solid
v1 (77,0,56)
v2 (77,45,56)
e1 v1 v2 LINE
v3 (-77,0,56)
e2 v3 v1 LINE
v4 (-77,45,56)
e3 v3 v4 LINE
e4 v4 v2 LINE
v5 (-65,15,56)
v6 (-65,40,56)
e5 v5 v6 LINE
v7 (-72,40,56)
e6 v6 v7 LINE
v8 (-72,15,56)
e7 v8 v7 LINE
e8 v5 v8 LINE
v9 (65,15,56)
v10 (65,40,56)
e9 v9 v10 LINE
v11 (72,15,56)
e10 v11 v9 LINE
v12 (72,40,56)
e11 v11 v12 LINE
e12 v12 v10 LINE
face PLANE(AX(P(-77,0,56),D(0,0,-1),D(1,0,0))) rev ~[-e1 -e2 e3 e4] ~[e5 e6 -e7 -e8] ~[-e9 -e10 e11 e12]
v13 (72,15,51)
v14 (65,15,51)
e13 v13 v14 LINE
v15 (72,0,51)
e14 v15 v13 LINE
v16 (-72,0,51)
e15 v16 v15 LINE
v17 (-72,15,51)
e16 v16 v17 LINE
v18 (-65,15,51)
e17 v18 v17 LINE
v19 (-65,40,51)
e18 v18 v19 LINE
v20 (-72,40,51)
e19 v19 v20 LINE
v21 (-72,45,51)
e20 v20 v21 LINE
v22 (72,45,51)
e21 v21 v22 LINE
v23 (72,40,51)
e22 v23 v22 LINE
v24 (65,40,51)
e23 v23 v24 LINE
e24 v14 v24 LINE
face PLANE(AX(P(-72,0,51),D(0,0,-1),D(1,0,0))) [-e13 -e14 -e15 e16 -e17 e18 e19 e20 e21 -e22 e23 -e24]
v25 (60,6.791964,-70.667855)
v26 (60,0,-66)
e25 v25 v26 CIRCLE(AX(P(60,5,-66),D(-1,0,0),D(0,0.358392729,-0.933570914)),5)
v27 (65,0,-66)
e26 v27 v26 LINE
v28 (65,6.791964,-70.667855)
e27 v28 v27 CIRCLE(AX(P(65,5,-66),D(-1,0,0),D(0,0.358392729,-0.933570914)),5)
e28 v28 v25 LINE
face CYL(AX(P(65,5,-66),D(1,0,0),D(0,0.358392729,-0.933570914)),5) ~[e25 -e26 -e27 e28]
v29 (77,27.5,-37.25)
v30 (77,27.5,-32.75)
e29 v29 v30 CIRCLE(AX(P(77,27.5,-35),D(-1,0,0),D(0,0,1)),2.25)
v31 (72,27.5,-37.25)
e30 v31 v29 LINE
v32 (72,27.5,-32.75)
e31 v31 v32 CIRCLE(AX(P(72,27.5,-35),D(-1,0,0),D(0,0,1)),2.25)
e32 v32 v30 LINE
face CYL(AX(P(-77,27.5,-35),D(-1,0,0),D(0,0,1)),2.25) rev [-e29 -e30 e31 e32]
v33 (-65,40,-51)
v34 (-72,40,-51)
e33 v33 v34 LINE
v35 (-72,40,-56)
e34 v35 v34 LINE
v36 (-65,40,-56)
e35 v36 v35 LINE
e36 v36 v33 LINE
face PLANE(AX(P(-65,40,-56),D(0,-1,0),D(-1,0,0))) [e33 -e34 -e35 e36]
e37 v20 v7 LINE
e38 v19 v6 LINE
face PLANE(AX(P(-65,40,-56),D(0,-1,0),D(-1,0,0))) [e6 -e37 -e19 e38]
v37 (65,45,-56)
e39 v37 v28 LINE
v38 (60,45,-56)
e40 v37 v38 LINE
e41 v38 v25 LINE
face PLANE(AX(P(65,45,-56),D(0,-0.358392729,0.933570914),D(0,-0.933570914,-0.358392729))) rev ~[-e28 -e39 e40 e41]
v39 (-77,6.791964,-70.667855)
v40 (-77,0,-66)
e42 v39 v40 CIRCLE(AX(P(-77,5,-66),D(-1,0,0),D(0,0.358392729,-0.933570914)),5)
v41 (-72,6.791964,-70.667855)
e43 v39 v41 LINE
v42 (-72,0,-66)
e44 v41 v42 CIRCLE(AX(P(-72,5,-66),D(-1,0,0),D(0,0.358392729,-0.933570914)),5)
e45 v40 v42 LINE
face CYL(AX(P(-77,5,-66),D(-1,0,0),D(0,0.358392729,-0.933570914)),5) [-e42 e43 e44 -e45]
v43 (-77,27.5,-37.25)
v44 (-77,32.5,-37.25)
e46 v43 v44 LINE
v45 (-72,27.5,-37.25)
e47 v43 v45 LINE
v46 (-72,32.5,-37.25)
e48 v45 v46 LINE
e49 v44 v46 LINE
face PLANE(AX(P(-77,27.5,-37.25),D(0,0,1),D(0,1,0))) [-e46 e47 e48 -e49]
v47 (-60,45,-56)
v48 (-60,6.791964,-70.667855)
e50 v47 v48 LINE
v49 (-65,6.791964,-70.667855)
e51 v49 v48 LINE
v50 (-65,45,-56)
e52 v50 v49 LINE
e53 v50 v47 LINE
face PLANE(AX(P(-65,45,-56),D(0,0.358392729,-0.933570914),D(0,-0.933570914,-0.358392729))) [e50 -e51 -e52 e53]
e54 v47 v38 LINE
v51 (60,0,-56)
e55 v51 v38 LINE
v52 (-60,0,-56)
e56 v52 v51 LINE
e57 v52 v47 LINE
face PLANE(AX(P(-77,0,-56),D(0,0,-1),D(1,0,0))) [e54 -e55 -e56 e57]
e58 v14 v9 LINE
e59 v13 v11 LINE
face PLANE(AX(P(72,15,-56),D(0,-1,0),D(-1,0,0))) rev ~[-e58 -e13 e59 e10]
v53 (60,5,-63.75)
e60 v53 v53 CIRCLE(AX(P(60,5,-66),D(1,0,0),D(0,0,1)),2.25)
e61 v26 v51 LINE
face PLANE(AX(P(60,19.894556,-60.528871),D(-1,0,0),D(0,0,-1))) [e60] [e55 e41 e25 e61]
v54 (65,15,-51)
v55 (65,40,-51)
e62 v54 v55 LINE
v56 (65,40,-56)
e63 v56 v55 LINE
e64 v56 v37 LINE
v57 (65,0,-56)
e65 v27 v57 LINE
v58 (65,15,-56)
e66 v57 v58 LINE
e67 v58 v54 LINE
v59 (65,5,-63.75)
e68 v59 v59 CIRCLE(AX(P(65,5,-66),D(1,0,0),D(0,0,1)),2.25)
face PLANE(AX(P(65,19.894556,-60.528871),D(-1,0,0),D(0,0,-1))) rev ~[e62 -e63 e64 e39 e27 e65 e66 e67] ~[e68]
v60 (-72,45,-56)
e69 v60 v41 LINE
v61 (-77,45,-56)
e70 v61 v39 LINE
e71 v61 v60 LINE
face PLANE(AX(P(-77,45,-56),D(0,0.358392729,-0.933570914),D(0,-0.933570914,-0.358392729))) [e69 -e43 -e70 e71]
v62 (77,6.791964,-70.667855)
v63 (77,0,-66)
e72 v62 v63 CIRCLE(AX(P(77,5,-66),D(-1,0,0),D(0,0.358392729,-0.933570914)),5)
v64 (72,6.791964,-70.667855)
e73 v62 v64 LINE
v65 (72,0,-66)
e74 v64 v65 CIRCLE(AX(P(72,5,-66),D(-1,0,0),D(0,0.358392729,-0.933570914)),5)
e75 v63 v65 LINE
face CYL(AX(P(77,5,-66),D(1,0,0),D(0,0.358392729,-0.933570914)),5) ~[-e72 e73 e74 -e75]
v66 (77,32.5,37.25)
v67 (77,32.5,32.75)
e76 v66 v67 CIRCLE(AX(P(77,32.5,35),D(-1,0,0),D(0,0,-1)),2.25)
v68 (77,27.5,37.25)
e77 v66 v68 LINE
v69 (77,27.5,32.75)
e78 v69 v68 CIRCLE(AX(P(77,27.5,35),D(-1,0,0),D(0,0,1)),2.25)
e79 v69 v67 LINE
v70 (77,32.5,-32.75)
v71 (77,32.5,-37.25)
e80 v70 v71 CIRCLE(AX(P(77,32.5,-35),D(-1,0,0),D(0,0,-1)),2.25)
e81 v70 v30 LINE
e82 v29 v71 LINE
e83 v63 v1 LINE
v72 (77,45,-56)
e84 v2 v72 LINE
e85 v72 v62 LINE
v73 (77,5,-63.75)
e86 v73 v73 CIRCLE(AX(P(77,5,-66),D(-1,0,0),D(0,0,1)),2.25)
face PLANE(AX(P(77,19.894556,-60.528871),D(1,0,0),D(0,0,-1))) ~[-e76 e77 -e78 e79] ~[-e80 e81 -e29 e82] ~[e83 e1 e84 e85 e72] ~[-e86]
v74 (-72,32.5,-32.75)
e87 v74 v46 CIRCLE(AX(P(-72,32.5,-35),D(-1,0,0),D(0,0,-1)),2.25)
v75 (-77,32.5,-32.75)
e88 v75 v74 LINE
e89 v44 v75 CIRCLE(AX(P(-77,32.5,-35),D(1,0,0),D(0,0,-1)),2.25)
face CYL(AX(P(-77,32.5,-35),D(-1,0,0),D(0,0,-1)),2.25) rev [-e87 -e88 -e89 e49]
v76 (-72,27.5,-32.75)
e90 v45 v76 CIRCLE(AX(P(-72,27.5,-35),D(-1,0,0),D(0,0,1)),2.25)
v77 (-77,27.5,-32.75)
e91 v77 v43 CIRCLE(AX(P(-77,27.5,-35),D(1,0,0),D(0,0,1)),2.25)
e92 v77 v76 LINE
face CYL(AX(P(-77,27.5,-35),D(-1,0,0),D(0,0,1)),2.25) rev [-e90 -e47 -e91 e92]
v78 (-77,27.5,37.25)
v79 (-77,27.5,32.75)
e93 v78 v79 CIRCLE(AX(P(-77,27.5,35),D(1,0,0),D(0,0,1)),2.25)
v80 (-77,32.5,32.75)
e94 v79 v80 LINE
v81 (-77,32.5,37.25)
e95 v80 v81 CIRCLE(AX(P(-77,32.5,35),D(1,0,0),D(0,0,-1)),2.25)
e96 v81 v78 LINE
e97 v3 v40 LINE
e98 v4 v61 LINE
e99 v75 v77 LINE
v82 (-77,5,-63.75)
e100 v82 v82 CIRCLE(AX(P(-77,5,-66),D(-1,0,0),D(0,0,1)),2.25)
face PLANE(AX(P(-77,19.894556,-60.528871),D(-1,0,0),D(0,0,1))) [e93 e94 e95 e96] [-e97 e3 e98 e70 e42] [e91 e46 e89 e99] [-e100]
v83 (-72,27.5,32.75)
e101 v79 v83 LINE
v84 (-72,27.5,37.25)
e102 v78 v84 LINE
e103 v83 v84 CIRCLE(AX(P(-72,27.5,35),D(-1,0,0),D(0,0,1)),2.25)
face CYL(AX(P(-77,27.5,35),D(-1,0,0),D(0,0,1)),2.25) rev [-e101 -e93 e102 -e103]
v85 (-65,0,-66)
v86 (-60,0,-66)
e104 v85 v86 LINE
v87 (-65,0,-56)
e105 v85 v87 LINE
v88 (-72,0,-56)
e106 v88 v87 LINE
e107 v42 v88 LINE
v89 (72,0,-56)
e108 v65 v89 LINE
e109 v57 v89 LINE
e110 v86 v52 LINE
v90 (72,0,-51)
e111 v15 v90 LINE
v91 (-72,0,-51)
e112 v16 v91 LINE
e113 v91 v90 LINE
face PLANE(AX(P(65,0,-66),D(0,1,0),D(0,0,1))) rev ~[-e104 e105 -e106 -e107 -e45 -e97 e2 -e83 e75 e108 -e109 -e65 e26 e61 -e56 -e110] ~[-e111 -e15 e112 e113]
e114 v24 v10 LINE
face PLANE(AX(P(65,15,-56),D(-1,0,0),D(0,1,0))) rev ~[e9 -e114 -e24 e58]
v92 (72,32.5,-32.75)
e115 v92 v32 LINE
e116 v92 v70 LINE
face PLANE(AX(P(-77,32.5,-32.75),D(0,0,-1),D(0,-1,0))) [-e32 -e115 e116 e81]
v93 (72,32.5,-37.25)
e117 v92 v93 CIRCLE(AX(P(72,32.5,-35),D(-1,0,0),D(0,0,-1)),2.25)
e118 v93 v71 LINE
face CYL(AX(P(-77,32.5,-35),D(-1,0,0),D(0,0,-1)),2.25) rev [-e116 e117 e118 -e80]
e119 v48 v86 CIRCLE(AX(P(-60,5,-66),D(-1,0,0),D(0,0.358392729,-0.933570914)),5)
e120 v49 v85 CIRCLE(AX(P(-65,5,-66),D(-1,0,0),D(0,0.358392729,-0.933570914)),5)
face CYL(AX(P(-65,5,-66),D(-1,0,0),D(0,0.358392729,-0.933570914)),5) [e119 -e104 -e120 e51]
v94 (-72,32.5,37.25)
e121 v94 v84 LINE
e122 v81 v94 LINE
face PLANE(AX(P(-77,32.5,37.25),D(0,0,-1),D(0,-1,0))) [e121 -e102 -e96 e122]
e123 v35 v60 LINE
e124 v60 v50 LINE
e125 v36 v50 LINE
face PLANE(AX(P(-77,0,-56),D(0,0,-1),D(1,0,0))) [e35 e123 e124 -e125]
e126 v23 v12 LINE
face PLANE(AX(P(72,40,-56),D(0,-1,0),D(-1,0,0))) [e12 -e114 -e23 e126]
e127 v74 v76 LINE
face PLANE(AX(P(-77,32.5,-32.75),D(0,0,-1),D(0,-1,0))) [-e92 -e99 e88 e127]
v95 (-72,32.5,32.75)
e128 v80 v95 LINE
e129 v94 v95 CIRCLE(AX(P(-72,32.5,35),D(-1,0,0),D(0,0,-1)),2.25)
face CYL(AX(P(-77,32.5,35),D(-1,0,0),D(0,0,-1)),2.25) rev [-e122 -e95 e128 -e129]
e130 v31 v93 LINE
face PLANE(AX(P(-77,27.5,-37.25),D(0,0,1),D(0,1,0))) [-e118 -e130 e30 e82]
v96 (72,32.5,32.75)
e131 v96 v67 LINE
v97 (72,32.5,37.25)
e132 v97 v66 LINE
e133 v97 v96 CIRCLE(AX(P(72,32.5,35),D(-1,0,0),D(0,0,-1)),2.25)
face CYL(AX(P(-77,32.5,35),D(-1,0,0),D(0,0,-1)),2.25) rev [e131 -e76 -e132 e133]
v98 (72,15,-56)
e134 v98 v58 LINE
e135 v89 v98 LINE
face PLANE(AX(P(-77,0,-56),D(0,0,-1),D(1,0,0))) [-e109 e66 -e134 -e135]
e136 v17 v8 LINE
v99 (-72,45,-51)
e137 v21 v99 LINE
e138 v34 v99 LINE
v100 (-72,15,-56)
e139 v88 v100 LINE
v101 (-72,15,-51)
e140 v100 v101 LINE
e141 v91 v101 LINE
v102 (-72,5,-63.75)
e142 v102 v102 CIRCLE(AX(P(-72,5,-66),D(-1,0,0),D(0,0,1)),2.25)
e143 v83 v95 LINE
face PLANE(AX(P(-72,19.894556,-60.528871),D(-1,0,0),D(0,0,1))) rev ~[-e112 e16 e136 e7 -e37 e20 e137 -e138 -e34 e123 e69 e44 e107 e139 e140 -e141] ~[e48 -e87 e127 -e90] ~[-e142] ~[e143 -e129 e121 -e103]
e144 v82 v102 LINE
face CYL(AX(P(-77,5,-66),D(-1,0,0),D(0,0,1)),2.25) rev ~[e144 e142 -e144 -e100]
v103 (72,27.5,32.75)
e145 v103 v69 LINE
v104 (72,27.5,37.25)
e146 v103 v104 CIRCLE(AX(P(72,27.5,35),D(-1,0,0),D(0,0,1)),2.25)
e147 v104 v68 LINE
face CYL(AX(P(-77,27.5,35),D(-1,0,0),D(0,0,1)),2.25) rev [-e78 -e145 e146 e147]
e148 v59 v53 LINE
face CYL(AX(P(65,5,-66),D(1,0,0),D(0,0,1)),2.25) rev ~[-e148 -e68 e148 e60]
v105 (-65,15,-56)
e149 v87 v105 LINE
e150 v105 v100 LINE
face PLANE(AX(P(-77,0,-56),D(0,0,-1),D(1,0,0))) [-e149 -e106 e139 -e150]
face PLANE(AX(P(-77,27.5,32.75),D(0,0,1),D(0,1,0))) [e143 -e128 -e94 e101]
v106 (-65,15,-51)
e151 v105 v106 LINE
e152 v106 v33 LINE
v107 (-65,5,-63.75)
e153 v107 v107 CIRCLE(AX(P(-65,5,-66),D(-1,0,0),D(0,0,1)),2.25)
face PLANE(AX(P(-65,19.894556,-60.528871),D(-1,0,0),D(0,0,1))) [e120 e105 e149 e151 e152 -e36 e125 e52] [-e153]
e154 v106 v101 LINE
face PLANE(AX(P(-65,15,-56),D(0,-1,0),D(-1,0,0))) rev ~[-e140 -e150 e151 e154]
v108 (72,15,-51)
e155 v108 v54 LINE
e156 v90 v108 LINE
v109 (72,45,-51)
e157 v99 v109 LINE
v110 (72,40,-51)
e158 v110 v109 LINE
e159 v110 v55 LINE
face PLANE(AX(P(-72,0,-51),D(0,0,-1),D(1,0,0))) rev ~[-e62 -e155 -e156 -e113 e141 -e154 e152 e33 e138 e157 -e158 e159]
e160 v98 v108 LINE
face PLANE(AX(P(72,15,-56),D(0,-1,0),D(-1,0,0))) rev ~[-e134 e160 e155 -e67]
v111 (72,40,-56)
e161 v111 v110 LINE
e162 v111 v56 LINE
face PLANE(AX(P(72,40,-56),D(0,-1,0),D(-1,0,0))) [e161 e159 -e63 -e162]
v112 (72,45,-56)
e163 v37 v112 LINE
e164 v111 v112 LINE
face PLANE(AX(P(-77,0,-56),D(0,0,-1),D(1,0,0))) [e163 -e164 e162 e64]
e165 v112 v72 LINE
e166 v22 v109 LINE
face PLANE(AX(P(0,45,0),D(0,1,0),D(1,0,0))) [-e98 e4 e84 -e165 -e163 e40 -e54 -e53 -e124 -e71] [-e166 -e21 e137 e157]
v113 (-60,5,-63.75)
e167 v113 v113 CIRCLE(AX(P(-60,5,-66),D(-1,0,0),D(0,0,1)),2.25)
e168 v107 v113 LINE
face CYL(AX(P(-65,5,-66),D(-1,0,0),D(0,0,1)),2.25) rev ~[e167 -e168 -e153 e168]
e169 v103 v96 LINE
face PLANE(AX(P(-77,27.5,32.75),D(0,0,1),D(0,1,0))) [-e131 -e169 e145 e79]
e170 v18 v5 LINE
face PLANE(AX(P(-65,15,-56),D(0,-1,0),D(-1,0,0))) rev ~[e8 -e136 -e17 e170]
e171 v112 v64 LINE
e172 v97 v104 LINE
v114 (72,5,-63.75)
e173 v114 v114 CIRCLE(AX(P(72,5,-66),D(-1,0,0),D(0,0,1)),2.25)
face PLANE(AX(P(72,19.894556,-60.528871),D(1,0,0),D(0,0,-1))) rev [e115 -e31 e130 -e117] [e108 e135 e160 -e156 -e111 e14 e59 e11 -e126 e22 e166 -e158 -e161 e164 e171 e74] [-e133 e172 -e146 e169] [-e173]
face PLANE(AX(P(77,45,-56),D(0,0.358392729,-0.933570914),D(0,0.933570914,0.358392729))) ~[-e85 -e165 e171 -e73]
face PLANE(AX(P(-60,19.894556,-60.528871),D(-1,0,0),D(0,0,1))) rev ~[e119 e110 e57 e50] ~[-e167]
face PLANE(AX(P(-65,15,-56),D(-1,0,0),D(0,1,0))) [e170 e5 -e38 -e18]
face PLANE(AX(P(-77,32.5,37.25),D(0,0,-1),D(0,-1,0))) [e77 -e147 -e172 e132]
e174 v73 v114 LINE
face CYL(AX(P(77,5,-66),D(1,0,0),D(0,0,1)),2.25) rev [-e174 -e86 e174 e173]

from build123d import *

# Parameters (mm, degrees)
SKETCH1_W               = 154
SKETCH1_H               = 112
SKETCH1_W_2             = 144
SKETCH1_H_2             = 102
BOSS_EXTRUDE1_DEPTH     = 45
CUT_EXTRUDE1_DEPTH      = 180.5
SKETCH3_W               = 7
SKETCH3_H               = 25
CUT_EXTRUDE3_DEPTH      = 134
SKETCH4_R               = 2.25
BOSS_EXTRUDE2_DEPTH     = 5
LPATTERN1_COUNT         = 2
LPATTERN1_PITCH         = 12
MIRROR1_COPY_1_SKETCH_R = 2.25
MIRROR1_COPY_1_DEPTH    = 5


with BuildPart() as part:
    # Sketch1 → Boss-Extrude1 (new body)
    with BuildSketch(Plane(origin=(0, 0, 0), x_dir=(1, 0, 0), z_dir=(0, 1, 0))):
        Rectangle(SKETCH1_W, SKETCH1_H)
        Rectangle(SKETCH1_W_2, SKETCH1_H_2, mode=Mode.SUBTRACT)
    extrude(amount=BOSS_EXTRUDE1_DEPTH)

    # Sketch2 → Cut-Extrude1 (cut)
    with BuildSketch(Plane.ZY.offset(77)):
        with BuildLine():
            Line((-32.75, 32.5), (-32.75, 27.5))
            ThreePointArc((-32.75, 27.5), (-35, 25.25), (-37.25, 27.5))
            Line((-37.25, 27.5), (-37.25, 32.5))
            ThreePointArc((-37.25, 32.5), (-35, 34.75), (-32.75, 32.5))
        make_face()
        with BuildLine():
            Line((37.25, 32.5), (37.25, 27.5))
            ThreePointArc((37.25, 27.5), (35, 25.25), (32.75, 27.5))
            Line((32.75, 27.5), (32.75, 32.5))
            ThreePointArc((32.75, 32.5), (35, 34.75), (37.25, 32.5))
        make_face()
    extrude(amount=-CUT_EXTRUDE1_DEPTH, mode=Mode.SUBTRACT)

    # Sketch3 → Cut-Extrude3 (cut)
    with BuildSketch(Plane(origin=(0, 0, -56), x_dir=(-1, 0, 0), z_dir=(0, 0, -1))):
        with Locations((-68.5, 27.5)):
            Rectangle(SKETCH3_W, SKETCH3_H)
        with Locations((68.5, 27.5)):
            Rectangle(SKETCH3_W, SKETCH3_H)
    extrude(amount=-CUT_EXTRUDE3_DEPTH, mode=Mode.SUBTRACT)

    # Sketch4 → Boss-Extrude2 (add)
    with BuildSketch(Plane.ZY.offset(77)):
        with BuildLine():
            Line((-66, 0), (-56, 0))
            Line((-56, 0), (-56, 45))
            Line((-56, 45), (-70.667854572, 6.791963643))
            ThreePointArc((-70.667854572, 6.791963643), (-70.120668527, 2.168023501), (-66, 0))
        make_face()
        with Locations((-66, 5)):
            Circle(SKETCH4_R, mode=Mode.SUBTRACT)
    boss_extrude2 = extrude(amount=-BOSS_EXTRUDE2_DEPTH)

    # LPattern1: Boss-Extrude2 ×2
    with Locations(*[(i * LPATTERN1_PITCH, 0, 0) for i in range(1, LPATTERN1_COUNT)]):
        add(boss_extrude2)

    # Mirror1: Boss-Extrude2 across plane
    add(boss_extrude2.mirror(Plane(origin=(0, 0, 0), x_dir=(0, 0, 1), z_dir=(1, 0, 0))))

    # Mirror1 copy 1 sketch → Mirror1 copy 1 (add)
    with BuildSketch(Plane(origin=(65, 0, 0), x_dir=(0, 0, 1), z_dir=(1, 0, 0))):
        with BuildLine():
            Line((-66, 0), (-56, 0))
            Line((-56, 0), (-56, -45))
            Line((-56, -45), (-70.667854572, -6.791963643))
            ThreePointArc((-70.667854572, -6.791963643), (-70.120668527, -2.168023501), (-66, 0))
        make_face()
        with Locations((-66, -5)):
            Circle(MIRROR1_COPY_1_SKETCH_R, mode=Mode.SUBTRACT)
    extrude(amount=-MIRROR1_COPY_1_DEPTH)


solid = part.part
